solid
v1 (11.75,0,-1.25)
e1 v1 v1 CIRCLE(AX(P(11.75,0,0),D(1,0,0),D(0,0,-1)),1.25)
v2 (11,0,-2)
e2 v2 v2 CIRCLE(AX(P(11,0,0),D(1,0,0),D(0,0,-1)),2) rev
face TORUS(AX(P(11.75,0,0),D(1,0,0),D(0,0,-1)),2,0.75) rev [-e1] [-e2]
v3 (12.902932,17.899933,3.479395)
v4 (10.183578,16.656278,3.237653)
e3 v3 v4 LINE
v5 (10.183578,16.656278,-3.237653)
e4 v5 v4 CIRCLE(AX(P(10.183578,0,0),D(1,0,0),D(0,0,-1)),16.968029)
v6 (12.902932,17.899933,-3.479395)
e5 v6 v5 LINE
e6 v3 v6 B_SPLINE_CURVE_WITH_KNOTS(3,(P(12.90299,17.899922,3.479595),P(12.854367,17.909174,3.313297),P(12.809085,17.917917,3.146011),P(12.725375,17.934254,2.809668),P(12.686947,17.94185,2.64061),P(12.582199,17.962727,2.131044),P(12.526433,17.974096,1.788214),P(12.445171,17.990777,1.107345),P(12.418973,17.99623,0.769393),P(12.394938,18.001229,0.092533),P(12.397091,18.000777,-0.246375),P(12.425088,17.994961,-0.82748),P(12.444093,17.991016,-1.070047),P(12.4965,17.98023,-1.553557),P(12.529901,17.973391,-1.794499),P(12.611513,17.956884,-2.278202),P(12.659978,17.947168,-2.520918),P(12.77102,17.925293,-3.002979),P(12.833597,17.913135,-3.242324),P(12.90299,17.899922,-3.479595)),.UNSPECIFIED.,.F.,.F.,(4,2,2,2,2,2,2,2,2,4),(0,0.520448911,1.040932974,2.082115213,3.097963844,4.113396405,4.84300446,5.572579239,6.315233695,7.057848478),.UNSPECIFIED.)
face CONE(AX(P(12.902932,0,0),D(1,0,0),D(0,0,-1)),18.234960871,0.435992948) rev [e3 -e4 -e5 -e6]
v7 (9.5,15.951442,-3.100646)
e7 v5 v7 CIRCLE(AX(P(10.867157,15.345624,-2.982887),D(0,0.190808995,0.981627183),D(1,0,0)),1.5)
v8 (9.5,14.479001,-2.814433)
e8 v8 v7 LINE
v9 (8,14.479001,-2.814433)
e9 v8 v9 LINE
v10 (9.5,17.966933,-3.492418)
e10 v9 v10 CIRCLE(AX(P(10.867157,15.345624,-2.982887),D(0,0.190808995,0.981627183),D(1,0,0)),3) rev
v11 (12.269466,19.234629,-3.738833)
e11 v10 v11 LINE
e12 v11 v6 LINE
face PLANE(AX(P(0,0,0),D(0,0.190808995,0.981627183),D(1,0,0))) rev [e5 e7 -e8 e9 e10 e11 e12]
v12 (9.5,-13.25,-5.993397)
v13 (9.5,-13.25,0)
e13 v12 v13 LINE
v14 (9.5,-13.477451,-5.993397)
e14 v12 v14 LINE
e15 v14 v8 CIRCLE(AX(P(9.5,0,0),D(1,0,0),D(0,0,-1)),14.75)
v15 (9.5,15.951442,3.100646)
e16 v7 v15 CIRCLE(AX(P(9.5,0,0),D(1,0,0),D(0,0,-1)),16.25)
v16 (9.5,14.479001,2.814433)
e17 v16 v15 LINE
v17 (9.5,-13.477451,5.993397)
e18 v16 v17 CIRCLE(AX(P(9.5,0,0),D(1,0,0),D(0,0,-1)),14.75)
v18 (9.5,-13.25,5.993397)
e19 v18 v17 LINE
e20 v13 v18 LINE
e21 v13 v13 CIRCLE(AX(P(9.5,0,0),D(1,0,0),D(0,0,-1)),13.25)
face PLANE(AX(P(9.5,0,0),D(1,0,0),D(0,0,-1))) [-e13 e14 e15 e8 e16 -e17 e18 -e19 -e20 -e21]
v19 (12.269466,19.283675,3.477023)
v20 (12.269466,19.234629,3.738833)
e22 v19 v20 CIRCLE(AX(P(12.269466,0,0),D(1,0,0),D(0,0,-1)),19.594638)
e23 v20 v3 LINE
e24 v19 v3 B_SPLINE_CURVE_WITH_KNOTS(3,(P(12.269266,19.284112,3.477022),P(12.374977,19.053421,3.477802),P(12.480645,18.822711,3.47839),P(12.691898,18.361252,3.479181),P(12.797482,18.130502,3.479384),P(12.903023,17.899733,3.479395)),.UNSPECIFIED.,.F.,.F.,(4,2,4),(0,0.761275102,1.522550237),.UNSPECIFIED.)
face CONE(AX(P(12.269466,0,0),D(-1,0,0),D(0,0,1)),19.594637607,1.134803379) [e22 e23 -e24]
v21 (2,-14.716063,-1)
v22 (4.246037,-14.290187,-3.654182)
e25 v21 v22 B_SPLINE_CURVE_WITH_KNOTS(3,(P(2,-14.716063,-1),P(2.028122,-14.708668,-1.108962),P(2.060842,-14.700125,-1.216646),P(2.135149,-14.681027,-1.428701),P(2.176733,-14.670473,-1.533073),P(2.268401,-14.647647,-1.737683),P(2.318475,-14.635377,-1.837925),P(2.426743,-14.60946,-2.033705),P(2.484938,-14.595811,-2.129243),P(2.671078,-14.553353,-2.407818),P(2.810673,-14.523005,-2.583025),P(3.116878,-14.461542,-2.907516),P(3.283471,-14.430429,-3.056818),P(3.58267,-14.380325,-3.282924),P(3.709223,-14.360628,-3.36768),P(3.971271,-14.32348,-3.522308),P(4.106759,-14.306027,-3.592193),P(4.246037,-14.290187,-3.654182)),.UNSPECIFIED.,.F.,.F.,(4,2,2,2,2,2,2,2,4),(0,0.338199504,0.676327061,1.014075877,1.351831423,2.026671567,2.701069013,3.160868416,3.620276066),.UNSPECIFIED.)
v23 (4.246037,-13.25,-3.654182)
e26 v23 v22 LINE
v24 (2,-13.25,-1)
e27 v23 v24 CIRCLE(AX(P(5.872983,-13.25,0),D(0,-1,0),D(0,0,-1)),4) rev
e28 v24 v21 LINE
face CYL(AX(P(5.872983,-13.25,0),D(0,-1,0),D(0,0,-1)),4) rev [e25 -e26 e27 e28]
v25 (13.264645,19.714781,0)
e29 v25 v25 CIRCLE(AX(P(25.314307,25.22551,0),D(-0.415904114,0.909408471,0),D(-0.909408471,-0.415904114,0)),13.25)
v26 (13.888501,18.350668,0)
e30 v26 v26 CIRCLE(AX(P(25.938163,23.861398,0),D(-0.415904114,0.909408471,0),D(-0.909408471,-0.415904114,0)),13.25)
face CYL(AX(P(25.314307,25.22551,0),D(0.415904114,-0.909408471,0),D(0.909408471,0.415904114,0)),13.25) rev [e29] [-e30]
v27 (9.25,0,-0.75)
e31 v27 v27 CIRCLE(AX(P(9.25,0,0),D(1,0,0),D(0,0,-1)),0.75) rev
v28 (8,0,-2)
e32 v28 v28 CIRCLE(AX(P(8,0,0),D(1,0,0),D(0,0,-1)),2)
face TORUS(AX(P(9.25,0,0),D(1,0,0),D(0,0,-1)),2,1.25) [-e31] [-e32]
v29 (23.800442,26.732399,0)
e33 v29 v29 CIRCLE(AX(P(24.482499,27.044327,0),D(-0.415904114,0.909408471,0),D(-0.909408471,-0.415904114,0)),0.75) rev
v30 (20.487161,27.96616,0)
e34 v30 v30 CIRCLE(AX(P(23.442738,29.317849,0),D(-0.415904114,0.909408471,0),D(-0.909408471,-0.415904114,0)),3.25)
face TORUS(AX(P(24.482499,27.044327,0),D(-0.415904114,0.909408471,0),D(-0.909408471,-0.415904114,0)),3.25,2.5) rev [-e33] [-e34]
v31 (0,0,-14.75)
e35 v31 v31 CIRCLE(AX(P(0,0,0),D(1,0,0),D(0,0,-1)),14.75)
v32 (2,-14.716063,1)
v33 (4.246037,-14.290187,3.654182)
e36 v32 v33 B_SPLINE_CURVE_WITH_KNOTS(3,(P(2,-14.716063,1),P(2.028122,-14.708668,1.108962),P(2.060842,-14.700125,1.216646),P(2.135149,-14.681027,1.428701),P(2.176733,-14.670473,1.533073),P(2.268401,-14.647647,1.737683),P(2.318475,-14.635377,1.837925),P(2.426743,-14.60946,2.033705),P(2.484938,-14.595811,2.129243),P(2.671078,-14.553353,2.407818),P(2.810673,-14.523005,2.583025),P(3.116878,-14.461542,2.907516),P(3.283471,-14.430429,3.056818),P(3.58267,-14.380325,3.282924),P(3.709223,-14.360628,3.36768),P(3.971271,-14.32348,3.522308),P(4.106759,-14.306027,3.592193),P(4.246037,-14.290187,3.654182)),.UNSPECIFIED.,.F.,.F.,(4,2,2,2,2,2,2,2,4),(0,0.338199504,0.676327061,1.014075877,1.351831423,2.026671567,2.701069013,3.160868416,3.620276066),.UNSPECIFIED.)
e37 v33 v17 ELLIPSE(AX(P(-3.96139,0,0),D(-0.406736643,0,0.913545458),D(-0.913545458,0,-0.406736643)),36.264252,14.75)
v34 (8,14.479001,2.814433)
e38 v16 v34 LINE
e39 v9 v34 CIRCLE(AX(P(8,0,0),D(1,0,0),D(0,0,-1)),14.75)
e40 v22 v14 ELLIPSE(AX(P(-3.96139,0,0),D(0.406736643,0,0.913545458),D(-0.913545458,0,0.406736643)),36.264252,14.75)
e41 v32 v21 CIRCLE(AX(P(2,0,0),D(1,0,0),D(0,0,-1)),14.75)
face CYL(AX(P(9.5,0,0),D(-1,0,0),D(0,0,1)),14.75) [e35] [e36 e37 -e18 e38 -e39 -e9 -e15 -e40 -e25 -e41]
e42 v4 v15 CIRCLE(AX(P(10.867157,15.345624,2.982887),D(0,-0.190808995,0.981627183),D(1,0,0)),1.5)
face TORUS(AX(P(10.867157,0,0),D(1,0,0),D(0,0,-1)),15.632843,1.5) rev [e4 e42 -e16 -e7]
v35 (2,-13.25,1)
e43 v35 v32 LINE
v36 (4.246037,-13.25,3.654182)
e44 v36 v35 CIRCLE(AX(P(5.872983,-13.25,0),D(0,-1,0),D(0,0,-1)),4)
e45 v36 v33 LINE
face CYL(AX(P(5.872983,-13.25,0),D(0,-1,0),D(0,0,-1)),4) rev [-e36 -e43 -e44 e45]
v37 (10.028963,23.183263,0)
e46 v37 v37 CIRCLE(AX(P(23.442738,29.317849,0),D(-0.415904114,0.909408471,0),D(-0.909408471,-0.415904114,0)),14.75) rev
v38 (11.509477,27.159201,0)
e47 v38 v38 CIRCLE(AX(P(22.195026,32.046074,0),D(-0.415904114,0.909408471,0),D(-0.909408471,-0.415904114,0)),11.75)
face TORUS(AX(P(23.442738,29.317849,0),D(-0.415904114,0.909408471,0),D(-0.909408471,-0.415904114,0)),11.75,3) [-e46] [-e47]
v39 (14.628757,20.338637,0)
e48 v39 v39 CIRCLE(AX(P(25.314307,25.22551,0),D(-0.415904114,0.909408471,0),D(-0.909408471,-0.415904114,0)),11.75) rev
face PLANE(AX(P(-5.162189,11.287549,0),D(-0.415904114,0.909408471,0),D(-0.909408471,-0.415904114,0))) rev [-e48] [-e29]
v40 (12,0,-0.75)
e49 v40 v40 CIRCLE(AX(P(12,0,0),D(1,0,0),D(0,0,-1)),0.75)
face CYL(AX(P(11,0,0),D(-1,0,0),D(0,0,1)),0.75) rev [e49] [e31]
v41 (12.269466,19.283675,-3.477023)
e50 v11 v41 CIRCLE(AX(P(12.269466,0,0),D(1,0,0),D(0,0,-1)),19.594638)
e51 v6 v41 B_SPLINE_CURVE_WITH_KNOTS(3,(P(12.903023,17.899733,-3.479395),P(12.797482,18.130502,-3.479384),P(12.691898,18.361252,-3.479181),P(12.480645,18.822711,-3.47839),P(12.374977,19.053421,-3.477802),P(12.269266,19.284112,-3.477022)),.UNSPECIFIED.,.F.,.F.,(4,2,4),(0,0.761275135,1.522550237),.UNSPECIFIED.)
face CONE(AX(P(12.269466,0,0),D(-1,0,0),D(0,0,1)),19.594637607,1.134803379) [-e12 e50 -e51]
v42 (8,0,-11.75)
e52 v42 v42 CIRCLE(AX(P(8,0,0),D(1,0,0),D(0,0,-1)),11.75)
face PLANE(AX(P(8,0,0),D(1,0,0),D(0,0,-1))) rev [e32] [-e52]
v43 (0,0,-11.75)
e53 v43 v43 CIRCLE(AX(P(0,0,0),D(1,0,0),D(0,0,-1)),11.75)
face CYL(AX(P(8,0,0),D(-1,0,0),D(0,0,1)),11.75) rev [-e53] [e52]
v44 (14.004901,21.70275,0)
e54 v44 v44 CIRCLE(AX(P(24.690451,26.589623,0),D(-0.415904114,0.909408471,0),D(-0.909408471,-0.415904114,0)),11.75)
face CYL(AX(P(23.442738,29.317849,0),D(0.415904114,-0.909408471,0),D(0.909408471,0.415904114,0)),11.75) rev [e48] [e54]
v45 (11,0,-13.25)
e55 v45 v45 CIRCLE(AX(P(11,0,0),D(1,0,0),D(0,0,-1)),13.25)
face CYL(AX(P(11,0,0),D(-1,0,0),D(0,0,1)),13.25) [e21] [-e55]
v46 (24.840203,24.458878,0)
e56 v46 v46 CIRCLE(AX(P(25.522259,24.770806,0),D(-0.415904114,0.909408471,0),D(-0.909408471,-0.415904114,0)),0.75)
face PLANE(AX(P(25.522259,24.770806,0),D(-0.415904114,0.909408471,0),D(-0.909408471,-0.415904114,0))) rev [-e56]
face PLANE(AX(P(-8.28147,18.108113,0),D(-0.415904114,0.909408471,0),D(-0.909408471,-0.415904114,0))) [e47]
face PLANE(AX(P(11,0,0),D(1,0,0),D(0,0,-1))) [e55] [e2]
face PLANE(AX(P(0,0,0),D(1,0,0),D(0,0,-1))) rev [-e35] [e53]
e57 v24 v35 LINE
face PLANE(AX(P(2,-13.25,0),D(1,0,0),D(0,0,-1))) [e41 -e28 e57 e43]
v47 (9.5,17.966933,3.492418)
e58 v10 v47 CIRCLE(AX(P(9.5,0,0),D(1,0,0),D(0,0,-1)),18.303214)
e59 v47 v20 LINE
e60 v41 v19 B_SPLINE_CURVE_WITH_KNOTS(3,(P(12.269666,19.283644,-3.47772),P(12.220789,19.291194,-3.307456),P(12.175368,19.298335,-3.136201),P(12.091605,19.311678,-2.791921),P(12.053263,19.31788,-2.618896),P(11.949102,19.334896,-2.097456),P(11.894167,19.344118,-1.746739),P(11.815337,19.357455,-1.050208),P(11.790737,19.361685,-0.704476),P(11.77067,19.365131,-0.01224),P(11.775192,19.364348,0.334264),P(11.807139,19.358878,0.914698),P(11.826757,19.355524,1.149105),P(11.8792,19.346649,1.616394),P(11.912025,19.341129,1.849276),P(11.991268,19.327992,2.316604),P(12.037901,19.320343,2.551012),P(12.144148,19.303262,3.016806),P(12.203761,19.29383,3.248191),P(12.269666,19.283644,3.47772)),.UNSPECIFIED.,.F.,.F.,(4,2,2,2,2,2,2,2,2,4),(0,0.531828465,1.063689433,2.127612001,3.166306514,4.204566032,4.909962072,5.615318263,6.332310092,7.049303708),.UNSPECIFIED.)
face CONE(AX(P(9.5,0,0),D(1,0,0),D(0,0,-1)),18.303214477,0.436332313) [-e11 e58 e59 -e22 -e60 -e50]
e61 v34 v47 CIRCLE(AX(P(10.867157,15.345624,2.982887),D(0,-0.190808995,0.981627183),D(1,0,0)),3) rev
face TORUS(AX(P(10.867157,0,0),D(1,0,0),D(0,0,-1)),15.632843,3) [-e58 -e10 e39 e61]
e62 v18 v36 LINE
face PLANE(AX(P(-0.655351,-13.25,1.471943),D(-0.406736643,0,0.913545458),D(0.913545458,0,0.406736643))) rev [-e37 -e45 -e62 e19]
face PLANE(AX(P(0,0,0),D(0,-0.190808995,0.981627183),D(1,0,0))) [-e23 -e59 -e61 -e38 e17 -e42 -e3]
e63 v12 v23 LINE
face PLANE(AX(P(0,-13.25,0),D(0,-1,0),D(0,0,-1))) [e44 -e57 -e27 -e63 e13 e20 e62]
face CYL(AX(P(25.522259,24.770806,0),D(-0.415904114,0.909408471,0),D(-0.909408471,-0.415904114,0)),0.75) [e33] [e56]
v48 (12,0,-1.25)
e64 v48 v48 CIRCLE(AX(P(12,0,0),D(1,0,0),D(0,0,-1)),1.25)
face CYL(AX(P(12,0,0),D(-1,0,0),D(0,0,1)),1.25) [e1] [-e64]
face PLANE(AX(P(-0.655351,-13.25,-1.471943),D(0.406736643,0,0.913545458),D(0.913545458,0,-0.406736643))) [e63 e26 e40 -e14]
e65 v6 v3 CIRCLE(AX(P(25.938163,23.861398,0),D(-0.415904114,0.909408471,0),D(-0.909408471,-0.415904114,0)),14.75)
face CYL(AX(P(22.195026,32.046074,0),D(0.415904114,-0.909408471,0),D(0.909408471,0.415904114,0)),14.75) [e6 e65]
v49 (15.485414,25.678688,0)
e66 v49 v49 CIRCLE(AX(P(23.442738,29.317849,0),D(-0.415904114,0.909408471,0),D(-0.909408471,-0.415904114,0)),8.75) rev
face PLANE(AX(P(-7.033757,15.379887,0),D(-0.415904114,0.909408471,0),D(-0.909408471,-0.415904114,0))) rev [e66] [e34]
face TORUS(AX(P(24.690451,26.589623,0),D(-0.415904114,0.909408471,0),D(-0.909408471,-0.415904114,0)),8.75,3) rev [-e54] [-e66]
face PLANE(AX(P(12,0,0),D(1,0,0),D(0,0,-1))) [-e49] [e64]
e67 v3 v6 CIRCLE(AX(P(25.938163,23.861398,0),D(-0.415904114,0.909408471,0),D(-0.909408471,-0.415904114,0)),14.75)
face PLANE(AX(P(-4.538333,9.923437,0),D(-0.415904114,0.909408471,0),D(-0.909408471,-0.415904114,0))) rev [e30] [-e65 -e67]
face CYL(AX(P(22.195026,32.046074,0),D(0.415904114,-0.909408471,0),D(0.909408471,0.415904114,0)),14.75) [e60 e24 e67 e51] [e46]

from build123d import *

# Parameters (mm, degrees)
BOTTOM_SKETCH_R                = 14.75
BOTTOM_BASE_EXTRUDE_DEPTH      = 9.5
RAISED_START                   = 9.5
SKETCH5_9_R                    = 13.25
SKETCH5_9_R_2                  = 11.75
SKETCH5_9_R_3                  = 0.75
RAISED_PLATFORM_EXTRUDE_DEPTH  = 1.5
SKETCH5_10_R                   = 11.75
HOLLOW_BASE_EXTRUDED_CUT_DEPTH = 8
NOZZLE_EXTRUDED_CUT_DEPTH      = 24.582302687
NOZZLE_EXTRUDED_CUT_DEPTH_BACK = 24.582302687
SKETCH5_11_R                   = 0.75
HINGE_REVOLVE_ANGLE            = 22
LID_SKETCH_R                   = 14.75
LID_EXTRUDE_DEPTH              = 9
LID_SKETCH_4_R                 = 13.25
LID_SKETCH_4_R_2               = 11.75
LID_LIP_EXTRUDED_CUT_DEPTH     = 1.5
LID_SKETCH_5_R                 = 11.75
LID_INNER_EXTRUDED_CUT_DEPTH   = 6
LID_FILLET_R                   = 3
OPENER_SLOT_EXTRUDED_CUT_DEPTH = 1.5
NOZZLE_START                   = 11
SKETCH5_R                      = 1.25
SKETCH5_R_2                    = 0.75
NOZZLE_EXTRUDE_DEPTH           = 1
INNER_NOZZLE_FILLET_R          = 1.25
OUTER_NOZZLE_FILLET_R          = 0.75
TIP_START                      = 6
SKETCH6_R                      = 0.75
TIP_EXTRUDE_DEPTH              = 5
TIP_FILLET_R                   = 2.5


with BuildPart() as part:
    # Bottom Sketch → Bottom Base Extrude (new body)
    with BuildSketch(Plane(origin=(0, 0, 0), x_dir=(0, 0, -1), z_dir=(1, 0, 0))):
        Circle(BOTTOM_SKETCH_R)
    extrude(amount=BOTTOM_BASE_EXTRUDE_DEPTH)

    # Sketch5<9> → Raised Platform Extrude (add)
    # profile 1 of 2: a face of its own
    with BuildSketch(Plane(origin=(0, 0, 0), x_dir=(0, 0, -1), z_dir=(1, 0, 0)).offset(RAISED_START)):
        Circle(SKETCH5_9_R)
        Circle(SKETCH5_9_R_2, mode=Mode.SUBTRACT)
    # profile 2 of 2: a face of its own
    with BuildSketch(Plane(origin=(0, 0, 0), x_dir=(0, 0, -1), z_dir=(1, 0, 0)).offset(RAISED_START)):
        Circle(SKETCH5_9_R_2)
        Circle(SKETCH5_9_R_3, mode=Mode.SUBTRACT)
    extrude(amount=RAISED_PLATFORM_EXTRUDE_DEPTH)

    # Sketch5<10> → Hollow Base Extruded Cut (cut)
    with BuildSketch(Plane(origin=(0, 0, 0), x_dir=(0, 0, -1), z_dir=(1, 0, 0))):
        Circle(SKETCH5_10_R)
    extrude(amount=HOLLOW_BASE_EXTRUDED_CUT_DEPTH, mode=Mode.SUBTRACT)

    # Sketch5<11> → Nozzle Extruded Cut (cut, two sides: drawn at the far end of the back side and taken through both)
    with BuildSketch(Plane(origin=(0, 0, 0), x_dir=(0, 0, -1), z_dir=(1, 0, 0)).offset(-NOZZLE_EXTRUDED_CUT_DEPTH_BACK)):
        Circle(SKETCH5_11_R)
    extrude(amount=NOZZLE_EXTRUDED_CUT_DEPTH + NOZZLE_EXTRUDED_CUT_DEPTH_BACK, mode=Mode.SUBTRACT)

    # Hinge Sketch → Hinge Revolve (revolve, symmetric)
    with BuildSketch(Plane.XY) as hinge_revolve_sk:
        with BuildLine():
            Line((12.269465839, 19.594637607), (9.5, 18.303214477))
            ThreePointArc((9.5, 18.303214477), (8.103339463, 16.799596896), (8, 14.75))
            Line((8, 14.75), (9.5, 14.75))
            Line((9.5, 14.75), (9.5, 16.25))
            ThreePointArc((9.5, 16.25), (9.780754427, 16.667120789), (10.183578371, 16.968028868))
            Line((10.183578371, 16.968028868), (12.902931841, 18.234960871))
            Line((12.902931841, 18.234960871), (12.269465839, 19.594637607))
        make_face()
    revolve(axis=Axis((0, 0, 0), (1, 0, 0)), revolution_arc=HINGE_REVOLVE_ANGLE / 2)
    revolve(hinge_revolve_sk.sketch, axis=Axis((0, 0, 0), (-1, 0, 0)), revolution_arc=HINGE_REVOLVE_ANGLE / 2)

    # Lid Sketch → Lid Extrude (add)
    with BuildSketch(Plane(origin=(-4.538332603, 9.923436614, 0), x_dir=(-0.9064511568417262, -0.4145516315149191, 0.08058067428741963), z_dir=(-0.41590411426046653, 0.9094084713379443, 0))):
        with Locations(Location((-33.403459346, 2.700454914, 0), (0, 0, 341.733897082))):
            Circle(LID_SKETCH_R)
    extrude(amount=LID_EXTRUDE_DEPTH)

    # Lid Sketch<4> → Lid Lip Extruded Cut (cut)
    with BuildSketch(Plane(origin=(-4.538332603, 9.923436614, 0), x_dir=(-0.9064511568417262, -0.4145516315149191, 0.08058067428741963), z_dir=(-0.41590411426046653, 0.9094084713379443, 0))):
        with Locations(Location((-33.403459346, 2.700454914, 0), (0, 0, 355.378056318))):
            Circle(LID_SKETCH_4_R)
        with Locations(Location((-33.403459346, 2.700454914, 0), (0, 0, 355.378056318))):
            Circle(LID_SKETCH_4_R_2, mode=Mode.SUBTRACT)
    extrude(amount=LID_LIP_EXTRUDED_CUT_DEPTH, mode=Mode.SUBTRACT)

    # Lid Sketch<5> → Lid Inner Extruded Cut (cut)
    with BuildSketch(Plane(origin=(-4.538332603, 9.923436614, 0), x_dir=(-0.9064511568417262, -0.4145516315149191, 0.08058067428741963), z_dir=(-0.41590411426046653, 0.9094084713379443, 0))):
        with Locations(Location((-33.403459346, 2.700454914, 0), (0, 0, 355.378056318))):
            Circle(LID_SKETCH_5_R)
    extrude(amount=LID_INNER_EXTRUDED_CUT_DEPTH, mode=Mode.SUBTRACT)

    # Lid Fillet
    lid_fillet_edges = [part.edges().sort_by_distance(p)[0] for p in [
        (35.230257369, 38.007538524, 3.479394565),
        (34.128287972, 34.204721952, 0),
    ]]
    fillet(lid_fillet_edges, radius=LID_FILLET_R)

    # Opener Slot Sketch → Opener Slot Extruded Cut (cut)
    with BuildSketch(Plane(origin=(0, -14.75, 0), x_dir=(-1, 0, 0), z_dir=(0, -1, 0))):
        with BuildLine():
            Line((-4.246036774, 3.654181831), (-9.5, 5.99339697))
            Line((-9.5, 5.99339697), (-9.5, 0))
            Line((-9.5, 0), (-2, 0))
            Line((-2, 0), (-2, 1))
            ThreePointArc((-2, 1), (-2.819546336, 2.583896752), (-4.246036774, 3.654181831))
        make_face()
        with BuildLine():
            Line((-2, 0), (-9.5, 0))
            Line((-9.5, 0), (-9.5, -5.99339697))
            Line((-9.5, -5.99339697), (-4.246036774, -3.654181831))
            ThreePointArc((-4.246036774, -3.654181831), (-2.819546336, -2.583896752), (-2, -1))
            Line((-2, -1), (-2, 0))
        make_face()
    extrude(amount=-OPENER_SLOT_EXTRUDED_CUT_DEPTH, mode=Mode.SUBTRACT)

    # Sketch5 → Nozzle Extrude (add)
    with BuildSketch(Plane(origin=(0, 0, 0), x_dir=(0, 0, -1), z_dir=(1, 0, 0)).offset(NOZZLE_START)):
        Circle(SKETCH5_R)
        Circle(SKETCH5_R_2, mode=Mode.SUBTRACT)
    extrude(amount=NOZZLE_EXTRUDE_DEPTH)

    # Inner Nozzle Fillet
    inner_nozzle_fillet_edges = [part.edges().sort_by_distance(p)[0] for p in [
        (8, 0, 0.75),
    ]]
    fillet(inner_nozzle_fillet_edges, radius=INNER_NOZZLE_FILLET_R)

    # Outer Nozzle Fillet
    outer_nozzle_fillet_edges = [part.edges().sort_by_distance(p)[0] for p in [
        (11, 0, 1.25),
    ]]
    fillet(outer_nozzle_fillet_edges, radius=OUTER_NOZZLE_FILLET_R)

    # Sketch6 → Tip Extrude (add)
    with BuildSketch(Plane(origin=(-4.538332603, 9.923436614, 0), x_dir=(-0.9064511568417262, -0.4145516315149191, 0.08058067428741963), z_dir=(-0.41590411426046653, 0.9094084713379443, 0)).offset(TIP_START)):
        with Locations(Location((-33.403459346, 2.700454914, 0), (0, 0, 355.378056318))):
            Circle(SKETCH6_R)
    extrude(amount=-TIP_EXTRUDE_DEPTH)

    # Tip Fillet
    tip_fillet_edges = [part.edges().sort_by_distance(p)[0] for p in [
        (24.124794787, 29.629776695, 0),
    ]]
    fillet(tip_fillet_edges, radius=TIP_FILLET_R)


solid = part.part
